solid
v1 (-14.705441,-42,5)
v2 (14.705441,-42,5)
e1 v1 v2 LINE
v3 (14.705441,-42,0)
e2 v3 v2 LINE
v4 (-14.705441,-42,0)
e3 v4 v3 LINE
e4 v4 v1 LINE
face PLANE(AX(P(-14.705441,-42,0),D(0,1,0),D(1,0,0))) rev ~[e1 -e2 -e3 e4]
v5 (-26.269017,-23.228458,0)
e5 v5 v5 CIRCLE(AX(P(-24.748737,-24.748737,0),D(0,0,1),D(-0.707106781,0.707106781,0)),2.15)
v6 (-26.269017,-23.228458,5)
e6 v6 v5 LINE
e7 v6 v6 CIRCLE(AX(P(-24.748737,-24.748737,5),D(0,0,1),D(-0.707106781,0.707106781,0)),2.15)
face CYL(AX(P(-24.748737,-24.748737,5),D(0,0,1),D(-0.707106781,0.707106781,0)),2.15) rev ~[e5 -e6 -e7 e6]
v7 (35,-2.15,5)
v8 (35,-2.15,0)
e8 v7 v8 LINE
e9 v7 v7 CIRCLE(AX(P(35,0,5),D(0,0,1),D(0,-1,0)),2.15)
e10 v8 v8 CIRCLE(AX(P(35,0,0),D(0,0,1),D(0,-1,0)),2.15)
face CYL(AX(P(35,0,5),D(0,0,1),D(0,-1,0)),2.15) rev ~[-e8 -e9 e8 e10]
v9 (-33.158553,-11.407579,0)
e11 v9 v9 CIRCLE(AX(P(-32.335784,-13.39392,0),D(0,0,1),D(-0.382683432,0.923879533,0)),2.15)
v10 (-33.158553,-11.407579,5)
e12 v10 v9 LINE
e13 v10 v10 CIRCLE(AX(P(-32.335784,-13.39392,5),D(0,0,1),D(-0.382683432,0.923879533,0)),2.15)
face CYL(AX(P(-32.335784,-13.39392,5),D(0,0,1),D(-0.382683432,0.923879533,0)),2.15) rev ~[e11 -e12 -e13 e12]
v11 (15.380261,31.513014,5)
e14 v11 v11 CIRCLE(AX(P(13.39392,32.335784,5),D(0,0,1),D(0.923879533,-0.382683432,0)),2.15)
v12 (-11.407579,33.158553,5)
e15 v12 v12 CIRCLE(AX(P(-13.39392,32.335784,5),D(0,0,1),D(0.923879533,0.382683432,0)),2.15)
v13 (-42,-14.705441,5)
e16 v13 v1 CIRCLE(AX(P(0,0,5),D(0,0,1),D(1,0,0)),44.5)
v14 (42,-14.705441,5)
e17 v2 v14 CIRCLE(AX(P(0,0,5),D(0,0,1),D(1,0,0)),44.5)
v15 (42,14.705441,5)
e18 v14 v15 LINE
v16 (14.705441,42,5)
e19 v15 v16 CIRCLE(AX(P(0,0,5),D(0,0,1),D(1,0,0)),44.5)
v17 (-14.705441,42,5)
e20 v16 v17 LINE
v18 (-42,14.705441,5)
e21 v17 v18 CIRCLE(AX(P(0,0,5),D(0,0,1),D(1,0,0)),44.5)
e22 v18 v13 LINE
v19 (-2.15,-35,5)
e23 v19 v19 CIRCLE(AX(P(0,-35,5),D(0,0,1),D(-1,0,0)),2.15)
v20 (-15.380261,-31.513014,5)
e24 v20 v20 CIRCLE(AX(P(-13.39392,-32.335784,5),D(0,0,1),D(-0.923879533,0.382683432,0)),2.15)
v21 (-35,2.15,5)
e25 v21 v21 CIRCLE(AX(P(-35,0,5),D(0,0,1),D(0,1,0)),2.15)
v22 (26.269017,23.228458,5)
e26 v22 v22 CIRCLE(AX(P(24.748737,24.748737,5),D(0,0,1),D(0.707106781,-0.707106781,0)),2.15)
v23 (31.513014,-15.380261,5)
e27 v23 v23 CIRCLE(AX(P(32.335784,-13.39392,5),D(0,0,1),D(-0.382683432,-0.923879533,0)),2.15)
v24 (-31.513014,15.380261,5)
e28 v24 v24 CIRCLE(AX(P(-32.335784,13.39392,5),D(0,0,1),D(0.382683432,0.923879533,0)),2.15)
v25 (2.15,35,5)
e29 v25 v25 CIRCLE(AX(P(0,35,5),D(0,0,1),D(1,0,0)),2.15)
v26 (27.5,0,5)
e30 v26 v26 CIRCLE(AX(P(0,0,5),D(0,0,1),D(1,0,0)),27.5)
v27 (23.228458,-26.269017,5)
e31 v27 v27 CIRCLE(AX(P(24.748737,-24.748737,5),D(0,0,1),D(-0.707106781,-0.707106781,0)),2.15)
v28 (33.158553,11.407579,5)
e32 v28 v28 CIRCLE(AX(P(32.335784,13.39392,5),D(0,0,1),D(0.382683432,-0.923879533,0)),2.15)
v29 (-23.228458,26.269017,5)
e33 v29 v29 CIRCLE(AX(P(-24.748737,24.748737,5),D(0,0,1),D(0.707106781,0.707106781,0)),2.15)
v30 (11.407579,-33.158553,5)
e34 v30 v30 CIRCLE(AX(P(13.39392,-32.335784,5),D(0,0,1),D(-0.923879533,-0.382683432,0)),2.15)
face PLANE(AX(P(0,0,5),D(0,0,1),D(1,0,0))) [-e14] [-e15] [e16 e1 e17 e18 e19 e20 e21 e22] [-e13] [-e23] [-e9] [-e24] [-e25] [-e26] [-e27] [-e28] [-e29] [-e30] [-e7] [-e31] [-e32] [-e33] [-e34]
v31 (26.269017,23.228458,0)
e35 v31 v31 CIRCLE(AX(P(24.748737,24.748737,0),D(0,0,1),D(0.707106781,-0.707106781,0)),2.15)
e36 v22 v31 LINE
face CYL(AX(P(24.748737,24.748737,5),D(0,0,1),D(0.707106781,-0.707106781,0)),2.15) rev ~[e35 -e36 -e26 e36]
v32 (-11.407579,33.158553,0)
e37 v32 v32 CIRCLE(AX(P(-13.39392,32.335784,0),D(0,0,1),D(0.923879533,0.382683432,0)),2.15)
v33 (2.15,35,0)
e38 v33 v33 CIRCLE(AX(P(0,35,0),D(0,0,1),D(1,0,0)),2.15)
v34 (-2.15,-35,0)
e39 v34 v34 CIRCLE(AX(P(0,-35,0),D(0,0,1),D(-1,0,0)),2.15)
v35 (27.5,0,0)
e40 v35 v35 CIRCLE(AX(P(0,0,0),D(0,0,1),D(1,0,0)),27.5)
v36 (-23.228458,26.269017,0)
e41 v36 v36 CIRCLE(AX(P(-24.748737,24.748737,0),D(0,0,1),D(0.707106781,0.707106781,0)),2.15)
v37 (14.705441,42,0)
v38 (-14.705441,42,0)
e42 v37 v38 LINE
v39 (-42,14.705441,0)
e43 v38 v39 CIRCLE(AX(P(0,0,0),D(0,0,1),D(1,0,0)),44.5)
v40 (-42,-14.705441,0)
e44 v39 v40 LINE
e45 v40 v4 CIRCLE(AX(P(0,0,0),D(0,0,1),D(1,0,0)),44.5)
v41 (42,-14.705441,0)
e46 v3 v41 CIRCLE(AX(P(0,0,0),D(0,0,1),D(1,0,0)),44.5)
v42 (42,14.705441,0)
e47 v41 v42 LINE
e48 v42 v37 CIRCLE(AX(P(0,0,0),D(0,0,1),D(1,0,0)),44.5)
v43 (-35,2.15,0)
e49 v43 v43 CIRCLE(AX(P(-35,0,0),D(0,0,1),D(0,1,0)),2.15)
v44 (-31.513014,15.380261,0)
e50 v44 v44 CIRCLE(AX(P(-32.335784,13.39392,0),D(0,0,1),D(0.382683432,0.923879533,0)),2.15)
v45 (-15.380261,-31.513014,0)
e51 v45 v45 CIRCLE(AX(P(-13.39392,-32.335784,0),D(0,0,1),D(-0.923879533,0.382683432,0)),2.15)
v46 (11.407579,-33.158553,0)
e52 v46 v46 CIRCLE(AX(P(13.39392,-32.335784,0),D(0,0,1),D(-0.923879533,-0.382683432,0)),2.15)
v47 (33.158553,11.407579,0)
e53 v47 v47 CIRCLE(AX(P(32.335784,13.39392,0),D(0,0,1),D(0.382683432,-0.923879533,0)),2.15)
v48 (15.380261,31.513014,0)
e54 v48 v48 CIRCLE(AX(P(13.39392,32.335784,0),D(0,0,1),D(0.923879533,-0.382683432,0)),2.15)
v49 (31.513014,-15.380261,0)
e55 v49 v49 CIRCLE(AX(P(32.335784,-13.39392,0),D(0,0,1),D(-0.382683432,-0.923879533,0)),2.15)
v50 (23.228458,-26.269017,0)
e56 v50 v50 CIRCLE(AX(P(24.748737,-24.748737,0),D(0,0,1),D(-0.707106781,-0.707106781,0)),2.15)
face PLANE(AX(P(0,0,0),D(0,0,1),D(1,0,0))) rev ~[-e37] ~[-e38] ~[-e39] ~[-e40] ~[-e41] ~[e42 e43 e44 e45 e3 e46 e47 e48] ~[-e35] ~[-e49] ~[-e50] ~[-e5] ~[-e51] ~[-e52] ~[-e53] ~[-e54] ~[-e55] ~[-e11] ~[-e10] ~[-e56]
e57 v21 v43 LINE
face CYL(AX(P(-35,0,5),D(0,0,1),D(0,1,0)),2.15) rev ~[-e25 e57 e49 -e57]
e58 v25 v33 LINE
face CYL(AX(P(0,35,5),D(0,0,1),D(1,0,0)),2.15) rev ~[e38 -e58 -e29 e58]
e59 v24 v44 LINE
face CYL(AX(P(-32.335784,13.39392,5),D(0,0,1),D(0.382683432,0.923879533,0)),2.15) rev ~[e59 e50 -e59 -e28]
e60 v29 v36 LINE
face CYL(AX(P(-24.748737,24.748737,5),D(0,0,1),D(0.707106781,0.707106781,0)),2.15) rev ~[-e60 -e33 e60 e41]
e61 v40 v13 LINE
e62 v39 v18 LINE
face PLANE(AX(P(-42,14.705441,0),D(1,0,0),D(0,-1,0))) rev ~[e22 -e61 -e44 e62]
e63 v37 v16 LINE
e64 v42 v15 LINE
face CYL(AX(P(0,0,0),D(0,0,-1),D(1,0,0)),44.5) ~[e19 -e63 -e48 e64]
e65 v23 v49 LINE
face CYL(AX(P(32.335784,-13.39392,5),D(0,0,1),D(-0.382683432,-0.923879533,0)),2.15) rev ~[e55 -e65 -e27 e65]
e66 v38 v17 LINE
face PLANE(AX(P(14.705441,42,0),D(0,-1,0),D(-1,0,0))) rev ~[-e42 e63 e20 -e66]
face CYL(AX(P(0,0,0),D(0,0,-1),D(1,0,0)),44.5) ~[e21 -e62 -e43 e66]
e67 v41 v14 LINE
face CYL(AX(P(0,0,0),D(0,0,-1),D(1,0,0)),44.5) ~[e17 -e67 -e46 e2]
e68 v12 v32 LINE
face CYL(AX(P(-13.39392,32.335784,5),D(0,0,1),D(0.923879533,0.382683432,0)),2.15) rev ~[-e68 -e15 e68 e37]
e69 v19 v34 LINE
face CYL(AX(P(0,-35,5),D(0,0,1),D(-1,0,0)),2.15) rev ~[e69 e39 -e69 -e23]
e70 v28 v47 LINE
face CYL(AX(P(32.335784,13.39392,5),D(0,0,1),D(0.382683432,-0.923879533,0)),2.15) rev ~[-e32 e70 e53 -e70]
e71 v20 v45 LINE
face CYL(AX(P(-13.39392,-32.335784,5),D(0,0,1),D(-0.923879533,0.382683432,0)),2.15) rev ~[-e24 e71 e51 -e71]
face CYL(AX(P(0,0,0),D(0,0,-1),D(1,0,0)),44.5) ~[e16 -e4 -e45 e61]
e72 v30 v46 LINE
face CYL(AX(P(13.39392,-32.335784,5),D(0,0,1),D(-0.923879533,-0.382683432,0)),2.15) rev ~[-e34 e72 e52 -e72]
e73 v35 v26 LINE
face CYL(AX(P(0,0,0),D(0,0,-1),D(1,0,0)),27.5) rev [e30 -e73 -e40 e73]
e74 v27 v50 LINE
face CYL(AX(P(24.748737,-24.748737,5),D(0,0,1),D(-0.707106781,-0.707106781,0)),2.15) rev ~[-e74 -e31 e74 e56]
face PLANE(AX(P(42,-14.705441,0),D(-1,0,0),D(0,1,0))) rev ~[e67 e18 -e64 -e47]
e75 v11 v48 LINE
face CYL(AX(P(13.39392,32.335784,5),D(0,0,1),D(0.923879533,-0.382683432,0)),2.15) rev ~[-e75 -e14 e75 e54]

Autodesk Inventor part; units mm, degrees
ref_plane "YZ Plane" through (0, 0, 0) normal (1, 0, 0) x (0, 1, 0)
ref_plane "XZ Plane" through (0, 0, 0) normal (0, 1, 0) x (-1, 0, 0)
ref_plane "XY Plane" through (0, 0, 0) normal (0, 0, 1) x (1, 0, 0)
sketch "스케치1" plane through (0, 0, 0) normal (0, 0, 1) x (1, 0, 0)
  circle A0 centre (0, 0) radius 44.5
  line L0 (-42, -42) -> (42, -42)
  line L1 (42, -42) -> (42, 42)
  line L2 (42, 42) -> (-42, 42)
  line L3 (-42, 42) -> (-42, -42)
  line L4 (-42, -42) -> (42, 42) construction
  line L5 (42, -42) -> (-42, 42) construction
  circle A1 centre (0, 0) radius 27.5
  point P0 (-42, 14.7054)
  point P1 (-42, -14.7054)
  point P2 (-14.7054, -42)
  point P3 (14.7054, -42)
  point P4 (42, -14.7054)
  point P5 (42, 14.7054)
  point P6 (14.7054, 42)
  point P7 (-14.7054, 42)
  dimension "d0" = 89
  dimension "d1" = 84
  dimension "d2" = 84
  dimension "d3" = 55
extrude "돌출1" add sketch "스케치1" along normal blind 5 contours L1 A0 L0 L3 L2
sketch "스케치4" plane through (0, 0, 5) normal (0, 0, 1) x (1, 0, 0)
  circle A0 centre (0, 35) radius 2 construction
  circle A1 centre (0, 0) radius 33 construction
  circle A2 centre (0, 35) radius 2.15
  dimension "d25" = 4
  dimension "d26" = 66
  dimension "d27" = 4.3
extrude "돌출5" cut sketch "스케치4" against normal blind 10
pattern_circular "원형 패턴3" count 16 over 360 about axis through (0, 0, 0) along (0, 0, 1) of "돌출5"
properties part number "감속기어1 - 하우징 커버"
